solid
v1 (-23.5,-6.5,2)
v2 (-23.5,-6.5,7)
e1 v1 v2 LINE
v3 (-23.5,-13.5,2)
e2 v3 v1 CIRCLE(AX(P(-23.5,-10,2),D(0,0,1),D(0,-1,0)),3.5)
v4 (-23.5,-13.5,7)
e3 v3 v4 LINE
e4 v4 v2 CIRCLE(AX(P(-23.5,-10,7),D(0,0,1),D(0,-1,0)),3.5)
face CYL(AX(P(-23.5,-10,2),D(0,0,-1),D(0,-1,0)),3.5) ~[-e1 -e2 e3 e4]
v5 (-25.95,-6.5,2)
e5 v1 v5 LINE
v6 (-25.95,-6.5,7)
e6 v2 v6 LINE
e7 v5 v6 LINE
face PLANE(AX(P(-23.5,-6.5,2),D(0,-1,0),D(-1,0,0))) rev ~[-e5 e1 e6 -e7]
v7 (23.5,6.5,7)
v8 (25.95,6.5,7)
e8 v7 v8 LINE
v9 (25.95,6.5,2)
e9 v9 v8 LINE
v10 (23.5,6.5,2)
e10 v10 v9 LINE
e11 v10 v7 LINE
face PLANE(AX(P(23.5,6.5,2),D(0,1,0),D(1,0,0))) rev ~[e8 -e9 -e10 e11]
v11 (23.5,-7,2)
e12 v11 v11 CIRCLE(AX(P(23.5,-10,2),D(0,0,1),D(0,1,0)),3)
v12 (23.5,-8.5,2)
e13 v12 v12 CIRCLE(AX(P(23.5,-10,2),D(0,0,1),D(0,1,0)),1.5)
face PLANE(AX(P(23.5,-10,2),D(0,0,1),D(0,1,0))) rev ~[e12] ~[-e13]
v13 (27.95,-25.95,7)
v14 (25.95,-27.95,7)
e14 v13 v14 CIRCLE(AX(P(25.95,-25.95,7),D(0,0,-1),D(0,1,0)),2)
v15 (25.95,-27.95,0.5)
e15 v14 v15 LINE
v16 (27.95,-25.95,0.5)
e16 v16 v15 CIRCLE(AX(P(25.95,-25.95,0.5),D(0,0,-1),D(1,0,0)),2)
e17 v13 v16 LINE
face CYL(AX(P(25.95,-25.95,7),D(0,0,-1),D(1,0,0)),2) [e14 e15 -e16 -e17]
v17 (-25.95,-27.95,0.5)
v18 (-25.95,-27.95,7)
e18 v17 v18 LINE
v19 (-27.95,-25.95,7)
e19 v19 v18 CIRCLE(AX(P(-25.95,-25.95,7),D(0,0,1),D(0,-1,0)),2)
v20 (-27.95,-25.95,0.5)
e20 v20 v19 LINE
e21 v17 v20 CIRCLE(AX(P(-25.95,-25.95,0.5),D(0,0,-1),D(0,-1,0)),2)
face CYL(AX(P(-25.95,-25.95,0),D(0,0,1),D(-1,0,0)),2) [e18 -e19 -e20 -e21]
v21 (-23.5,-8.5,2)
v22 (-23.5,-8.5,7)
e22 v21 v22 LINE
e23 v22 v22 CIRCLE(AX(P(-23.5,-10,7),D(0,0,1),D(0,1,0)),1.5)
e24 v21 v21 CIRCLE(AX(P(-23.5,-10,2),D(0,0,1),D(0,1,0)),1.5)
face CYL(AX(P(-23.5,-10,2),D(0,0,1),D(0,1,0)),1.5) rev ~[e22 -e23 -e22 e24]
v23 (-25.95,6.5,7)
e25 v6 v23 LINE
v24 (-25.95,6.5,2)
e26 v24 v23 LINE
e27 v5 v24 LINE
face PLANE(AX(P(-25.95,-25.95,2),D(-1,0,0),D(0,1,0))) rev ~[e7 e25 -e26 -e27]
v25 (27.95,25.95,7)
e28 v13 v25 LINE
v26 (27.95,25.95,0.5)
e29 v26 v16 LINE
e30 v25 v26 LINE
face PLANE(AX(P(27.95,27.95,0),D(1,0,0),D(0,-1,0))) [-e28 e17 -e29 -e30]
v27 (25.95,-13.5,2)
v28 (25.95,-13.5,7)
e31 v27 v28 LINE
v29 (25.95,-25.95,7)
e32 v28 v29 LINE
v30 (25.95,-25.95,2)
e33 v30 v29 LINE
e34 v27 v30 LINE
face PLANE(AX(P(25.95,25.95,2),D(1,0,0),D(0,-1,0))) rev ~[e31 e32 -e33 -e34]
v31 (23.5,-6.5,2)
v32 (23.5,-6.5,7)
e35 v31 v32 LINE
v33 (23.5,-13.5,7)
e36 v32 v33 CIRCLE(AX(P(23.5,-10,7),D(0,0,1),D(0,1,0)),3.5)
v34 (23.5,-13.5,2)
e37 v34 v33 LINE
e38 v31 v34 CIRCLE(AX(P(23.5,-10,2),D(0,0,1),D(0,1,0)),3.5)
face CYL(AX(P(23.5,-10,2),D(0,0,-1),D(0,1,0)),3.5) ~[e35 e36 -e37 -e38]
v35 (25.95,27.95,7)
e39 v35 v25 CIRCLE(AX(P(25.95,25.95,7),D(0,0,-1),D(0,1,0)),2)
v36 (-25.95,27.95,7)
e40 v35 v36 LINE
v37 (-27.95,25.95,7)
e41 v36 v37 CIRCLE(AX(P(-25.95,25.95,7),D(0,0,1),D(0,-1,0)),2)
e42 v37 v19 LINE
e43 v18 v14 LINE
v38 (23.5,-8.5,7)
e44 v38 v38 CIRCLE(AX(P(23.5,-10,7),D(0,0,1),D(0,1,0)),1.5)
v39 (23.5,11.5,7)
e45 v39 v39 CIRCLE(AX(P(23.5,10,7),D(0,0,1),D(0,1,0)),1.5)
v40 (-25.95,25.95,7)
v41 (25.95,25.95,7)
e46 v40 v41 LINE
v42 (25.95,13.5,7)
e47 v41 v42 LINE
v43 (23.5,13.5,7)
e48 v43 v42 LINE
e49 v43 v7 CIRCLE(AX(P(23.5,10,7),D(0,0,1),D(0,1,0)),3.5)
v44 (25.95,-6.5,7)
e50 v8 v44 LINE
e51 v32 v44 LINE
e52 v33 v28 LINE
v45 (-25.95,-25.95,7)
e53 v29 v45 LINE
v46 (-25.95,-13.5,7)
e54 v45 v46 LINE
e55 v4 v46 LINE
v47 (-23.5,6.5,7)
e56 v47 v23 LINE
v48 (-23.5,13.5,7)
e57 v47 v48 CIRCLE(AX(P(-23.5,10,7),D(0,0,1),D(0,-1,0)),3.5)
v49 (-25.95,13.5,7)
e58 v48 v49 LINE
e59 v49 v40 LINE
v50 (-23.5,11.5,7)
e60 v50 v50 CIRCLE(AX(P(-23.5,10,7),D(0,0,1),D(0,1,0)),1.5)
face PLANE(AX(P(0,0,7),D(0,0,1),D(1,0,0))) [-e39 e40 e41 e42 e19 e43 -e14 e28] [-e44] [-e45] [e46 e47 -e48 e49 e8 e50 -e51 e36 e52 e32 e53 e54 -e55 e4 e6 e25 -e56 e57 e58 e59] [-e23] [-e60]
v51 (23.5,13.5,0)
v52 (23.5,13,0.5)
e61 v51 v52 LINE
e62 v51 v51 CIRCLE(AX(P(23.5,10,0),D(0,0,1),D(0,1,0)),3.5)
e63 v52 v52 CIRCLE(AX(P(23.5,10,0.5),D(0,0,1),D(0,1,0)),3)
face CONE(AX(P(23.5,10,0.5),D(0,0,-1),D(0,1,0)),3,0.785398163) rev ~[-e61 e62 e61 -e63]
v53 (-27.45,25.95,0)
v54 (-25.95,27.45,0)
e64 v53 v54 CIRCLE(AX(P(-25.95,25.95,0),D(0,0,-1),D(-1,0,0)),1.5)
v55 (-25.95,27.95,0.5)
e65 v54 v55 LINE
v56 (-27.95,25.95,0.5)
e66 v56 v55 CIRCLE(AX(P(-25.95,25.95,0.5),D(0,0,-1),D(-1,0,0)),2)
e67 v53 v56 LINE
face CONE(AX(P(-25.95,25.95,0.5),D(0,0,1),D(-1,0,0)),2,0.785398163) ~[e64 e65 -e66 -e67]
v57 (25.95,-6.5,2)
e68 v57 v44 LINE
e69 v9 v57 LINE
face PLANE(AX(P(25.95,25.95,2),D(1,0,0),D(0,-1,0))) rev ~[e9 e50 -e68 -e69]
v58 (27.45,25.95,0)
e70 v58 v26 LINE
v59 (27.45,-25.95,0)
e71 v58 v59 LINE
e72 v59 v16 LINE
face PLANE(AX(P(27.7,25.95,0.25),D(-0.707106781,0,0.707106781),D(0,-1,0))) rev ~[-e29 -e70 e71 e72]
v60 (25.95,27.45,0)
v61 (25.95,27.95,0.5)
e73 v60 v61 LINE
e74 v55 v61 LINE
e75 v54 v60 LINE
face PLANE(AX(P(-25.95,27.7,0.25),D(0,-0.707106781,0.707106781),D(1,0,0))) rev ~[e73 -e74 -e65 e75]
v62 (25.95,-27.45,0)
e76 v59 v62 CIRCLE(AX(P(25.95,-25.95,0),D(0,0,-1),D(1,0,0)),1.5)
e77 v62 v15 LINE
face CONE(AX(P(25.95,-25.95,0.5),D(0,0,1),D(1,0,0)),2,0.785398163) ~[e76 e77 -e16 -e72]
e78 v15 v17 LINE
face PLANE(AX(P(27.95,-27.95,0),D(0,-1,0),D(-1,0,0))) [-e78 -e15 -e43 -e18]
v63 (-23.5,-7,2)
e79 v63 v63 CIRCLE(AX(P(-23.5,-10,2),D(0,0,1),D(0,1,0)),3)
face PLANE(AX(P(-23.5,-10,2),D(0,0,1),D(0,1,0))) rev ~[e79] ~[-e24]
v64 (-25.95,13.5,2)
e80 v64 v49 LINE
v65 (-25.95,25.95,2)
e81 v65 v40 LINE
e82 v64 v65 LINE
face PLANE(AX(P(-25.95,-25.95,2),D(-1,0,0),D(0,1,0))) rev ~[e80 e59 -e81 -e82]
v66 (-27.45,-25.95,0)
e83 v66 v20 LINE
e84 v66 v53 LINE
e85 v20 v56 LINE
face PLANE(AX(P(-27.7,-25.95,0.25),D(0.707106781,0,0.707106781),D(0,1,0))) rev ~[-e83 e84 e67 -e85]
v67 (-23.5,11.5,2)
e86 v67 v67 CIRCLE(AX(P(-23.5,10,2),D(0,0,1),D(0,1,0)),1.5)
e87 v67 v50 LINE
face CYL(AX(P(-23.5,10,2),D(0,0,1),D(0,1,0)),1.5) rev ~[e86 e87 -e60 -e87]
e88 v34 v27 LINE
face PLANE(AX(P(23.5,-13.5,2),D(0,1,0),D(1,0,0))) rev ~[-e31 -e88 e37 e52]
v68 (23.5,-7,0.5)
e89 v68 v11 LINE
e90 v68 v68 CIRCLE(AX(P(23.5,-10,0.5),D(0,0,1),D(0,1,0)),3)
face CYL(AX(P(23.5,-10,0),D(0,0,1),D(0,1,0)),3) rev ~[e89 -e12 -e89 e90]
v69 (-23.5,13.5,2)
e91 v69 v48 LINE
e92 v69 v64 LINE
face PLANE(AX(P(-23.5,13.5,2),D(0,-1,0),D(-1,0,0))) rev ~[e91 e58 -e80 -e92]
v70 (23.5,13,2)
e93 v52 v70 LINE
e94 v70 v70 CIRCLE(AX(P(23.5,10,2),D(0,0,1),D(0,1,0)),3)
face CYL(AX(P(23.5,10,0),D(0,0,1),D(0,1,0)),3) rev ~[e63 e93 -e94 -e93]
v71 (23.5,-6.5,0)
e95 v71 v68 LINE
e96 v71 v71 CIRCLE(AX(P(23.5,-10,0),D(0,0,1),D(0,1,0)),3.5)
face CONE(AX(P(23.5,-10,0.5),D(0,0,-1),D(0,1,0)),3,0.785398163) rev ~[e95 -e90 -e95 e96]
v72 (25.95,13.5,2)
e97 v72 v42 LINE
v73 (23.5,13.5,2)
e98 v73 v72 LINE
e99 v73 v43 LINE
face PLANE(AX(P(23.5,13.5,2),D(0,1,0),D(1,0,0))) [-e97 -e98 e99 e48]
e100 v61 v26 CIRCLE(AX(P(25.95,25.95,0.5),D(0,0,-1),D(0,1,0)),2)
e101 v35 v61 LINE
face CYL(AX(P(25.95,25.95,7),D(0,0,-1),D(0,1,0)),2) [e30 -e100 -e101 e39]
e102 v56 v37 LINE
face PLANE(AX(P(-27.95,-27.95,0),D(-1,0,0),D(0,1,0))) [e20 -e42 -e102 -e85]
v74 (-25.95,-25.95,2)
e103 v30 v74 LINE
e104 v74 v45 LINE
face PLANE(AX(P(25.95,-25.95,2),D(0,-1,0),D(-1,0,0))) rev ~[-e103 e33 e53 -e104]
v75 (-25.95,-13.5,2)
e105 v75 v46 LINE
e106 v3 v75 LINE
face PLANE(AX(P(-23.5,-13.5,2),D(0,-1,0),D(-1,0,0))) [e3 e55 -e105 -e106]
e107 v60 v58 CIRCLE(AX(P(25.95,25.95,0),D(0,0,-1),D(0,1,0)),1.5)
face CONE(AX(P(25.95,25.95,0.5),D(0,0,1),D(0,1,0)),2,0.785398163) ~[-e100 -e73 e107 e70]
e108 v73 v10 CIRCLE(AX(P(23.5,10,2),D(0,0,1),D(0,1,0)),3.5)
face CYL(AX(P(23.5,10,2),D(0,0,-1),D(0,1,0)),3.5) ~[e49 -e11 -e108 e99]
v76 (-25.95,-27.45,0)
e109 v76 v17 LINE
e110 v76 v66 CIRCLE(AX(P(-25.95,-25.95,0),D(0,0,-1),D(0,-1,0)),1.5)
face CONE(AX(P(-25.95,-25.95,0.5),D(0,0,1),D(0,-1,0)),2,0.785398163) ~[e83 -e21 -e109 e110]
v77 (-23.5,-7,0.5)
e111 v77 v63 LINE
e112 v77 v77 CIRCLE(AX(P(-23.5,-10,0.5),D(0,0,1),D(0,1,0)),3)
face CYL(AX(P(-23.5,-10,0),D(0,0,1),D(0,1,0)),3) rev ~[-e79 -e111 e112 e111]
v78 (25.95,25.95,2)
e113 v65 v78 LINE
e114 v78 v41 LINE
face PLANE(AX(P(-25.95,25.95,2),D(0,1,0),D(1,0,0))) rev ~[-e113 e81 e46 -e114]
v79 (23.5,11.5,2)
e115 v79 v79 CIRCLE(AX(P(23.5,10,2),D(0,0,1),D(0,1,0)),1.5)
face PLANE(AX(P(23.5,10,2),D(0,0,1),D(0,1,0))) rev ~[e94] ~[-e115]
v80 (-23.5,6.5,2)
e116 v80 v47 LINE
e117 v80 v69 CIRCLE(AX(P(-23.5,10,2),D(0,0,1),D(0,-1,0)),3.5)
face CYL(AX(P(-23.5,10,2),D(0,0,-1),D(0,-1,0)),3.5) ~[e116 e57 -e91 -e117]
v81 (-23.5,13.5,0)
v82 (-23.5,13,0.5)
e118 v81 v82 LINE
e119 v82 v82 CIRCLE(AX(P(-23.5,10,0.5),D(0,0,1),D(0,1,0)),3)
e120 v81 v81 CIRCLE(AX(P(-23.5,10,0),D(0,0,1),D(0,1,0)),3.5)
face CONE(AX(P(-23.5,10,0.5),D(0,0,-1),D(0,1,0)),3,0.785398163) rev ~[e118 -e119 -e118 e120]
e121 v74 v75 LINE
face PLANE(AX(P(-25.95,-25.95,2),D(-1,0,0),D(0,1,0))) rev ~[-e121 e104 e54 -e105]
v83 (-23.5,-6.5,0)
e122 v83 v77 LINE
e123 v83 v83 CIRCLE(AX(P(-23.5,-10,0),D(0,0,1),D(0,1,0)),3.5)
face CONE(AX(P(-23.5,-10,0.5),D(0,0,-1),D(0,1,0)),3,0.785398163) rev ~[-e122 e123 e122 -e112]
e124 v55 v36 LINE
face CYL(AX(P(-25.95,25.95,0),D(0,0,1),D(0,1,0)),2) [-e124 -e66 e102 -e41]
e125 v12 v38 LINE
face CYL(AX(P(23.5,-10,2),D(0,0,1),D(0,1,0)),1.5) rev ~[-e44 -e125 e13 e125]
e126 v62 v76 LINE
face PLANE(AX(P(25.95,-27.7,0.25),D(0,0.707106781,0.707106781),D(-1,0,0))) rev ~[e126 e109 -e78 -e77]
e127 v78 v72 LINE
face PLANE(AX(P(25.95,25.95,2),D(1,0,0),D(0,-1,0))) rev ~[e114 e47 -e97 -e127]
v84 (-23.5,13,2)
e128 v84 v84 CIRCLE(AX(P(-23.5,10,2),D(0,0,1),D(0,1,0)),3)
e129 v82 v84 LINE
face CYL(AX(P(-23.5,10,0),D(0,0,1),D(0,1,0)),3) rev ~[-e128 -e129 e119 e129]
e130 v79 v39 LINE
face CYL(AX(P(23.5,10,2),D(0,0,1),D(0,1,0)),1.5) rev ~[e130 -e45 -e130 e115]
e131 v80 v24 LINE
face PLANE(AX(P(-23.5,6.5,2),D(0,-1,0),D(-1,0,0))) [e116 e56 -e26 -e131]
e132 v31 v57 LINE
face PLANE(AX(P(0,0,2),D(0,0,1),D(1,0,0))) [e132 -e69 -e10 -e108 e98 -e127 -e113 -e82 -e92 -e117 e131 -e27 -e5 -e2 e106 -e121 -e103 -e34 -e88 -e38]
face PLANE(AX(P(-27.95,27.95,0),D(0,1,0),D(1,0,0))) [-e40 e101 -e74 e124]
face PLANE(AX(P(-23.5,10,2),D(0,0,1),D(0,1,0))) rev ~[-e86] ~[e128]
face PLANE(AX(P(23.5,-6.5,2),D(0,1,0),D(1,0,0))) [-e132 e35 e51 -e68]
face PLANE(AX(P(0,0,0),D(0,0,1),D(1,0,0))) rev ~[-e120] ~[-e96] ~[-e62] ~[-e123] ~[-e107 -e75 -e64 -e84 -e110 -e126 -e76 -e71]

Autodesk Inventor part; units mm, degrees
ref_plane "YZ Plane" through (0, 0, 0) normal (1, 0, 0) x (0, 1, 0)
ref_plane "XZ Plane" through (0, 0, 0) normal (0, 1, 0) x (-1, 0, 0)
ref_plane "XY Plane" through (0, 0, 0) normal (0, 0, 1) x (1, 0, 0)
sketch "Skizze1" plane through (0, 0, 0) normal (0, 0, 1) x (1, 0, 0)
  line L0 (-27.95, 27.95) -> (27.95, 27.95)
  line L1 (27.95, 27.95) -> (27.95, -27.95)
  line L2 (27.95, -27.95) -> (-27.95, -27.95)
  line L3 (-27.95, -27.95) -> (-27.95, 27.95)
  line L4 (-27.95, 27.95) -> (27.95, -27.95) construction
  line L5 (27.95, 27.95) -> (-27.95, -27.95) construction
  point P0 (0, 0)
  dimension "d0" = 55.9
  dimension "d1" = 55.9
extrude "Extrusion1" add sketch "Skizze1" along normal blind 2
sketch "Skizze2" plane through (0, 0, 2) normal (0, 0, 1) x (1, 0, 0)
  line L0 (-27.95, -27.95) -> (27.95, -27.95) projected
  line L1 (27.95, -27.95) -> (27.95, 27.95) projected
  line L2 (27.95, 27.95) -> (-27.95, 27.95) projected
  line L3 (-27.95, 27.95) -> (-27.95, -27.95) projected
  line L4 (-25.95, 25.95) -> (25.95, 25.95)
  line L5 (25.95, 25.95) -> (25.95, -25.95)
  line L6 (25.95, -25.95) -> (-25.95, -25.95)
  line L7 (-25.95, -25.95) -> (-25.95, 25.95)
  point P0 (0, 0)
  dimension "d4" = 2
extrude "Extrusion2" add sketch "Skizze2" along normal blind 5
fillet "Rundung1" radius 2 4 edges at (-27.95, -27.95, 3.5) (27.95, -27.95, 3.5) (27.95, 27.95, 3.5) (-27.95, 27.95, 3.5)
sketch "Skizze5" plane through (0, 0, 2) normal (0, 0, 1) x (1, 0, 0)
  line L0 (-23.5, 10) -> (23.5, 10) construction
  line L1 (23.5, 10) -> (23.5, -10) construction
  line L2 (23.5, -10) -> (-23.5, -10) construction
  line L3 (-23.5, -10) -> (-23.5, 10) construction
  line L4 (-23.5, 10) -> (23.5, -10) construction
  line L5 (23.5, 10) -> (-23.5, -10) construction
  arc A0 (-23.5, -13.5) -> (-23.5, -6.5) centre (-23.5, -10) ccw
  arc A1 (-23.5, 6.5) -> (-23.5, 13.5) centre (-23.5, 10) ccw
  arc A2 (23.5, 13.5) -> (23.5, 6.5) centre (23.5, 10) ccw
  arc A3 (23.5, -6.5) -> (23.5, -13.5) centre (23.5, -10) ccw
  line L6 (-25.95, 25.95) -> (25.95, 25.95) projected
  line L7 (-25.95, -25.95) -> (-25.95, 25.95) projected
  line L8 (25.95, -25.95) -> (-25.95, -25.95) projected
  line L9 (25.95, 25.95) -> (25.95, -25.95) projected
  line L10 (23.5, -13.5) -> (25.95, -13.5)
  line L11 (23.5, -6.5) -> (25.95, -6.5)
  line L12 (23.5, 6.5) -> (25.95, 6.5)
  line L13 (23.5, 13.5) -> (25.95, 13.5)
  line L14 (-23.5, 13.5) -> (-25.95, 13.5)
  line L15 (-23.5, 6.5) -> (-25.95, 6.5)
  line L16 (-23.5, -6.5) -> (-25.95, -6.5)
  line L17 (-23.5, -13.5) -> (-25.95, -13.5)
  point P0 (0, 0)
  point P1 (-23.95, 25.95)
  point P2 (23.95, 25.95)
  point P3 (-25.95, -23.95)
  point P4 (-25.95, 23.95)
  point P5 (23.95, -25.95)
  point P6 (-23.95, -25.95)
  point P7 (25.95, 23.95)
  point P8 (25.95, -23.95)
  dimension "d17" = 47
  dimension "d18" = 20
  dimension "d19" = 7
  dimension "d20" = 7
  dimension "d21" = 7
  dimension "d22" = 7
extrude "Extrusion3" add sketch "Skizze5" along normal blind 5 contours L17 L7 L16 A0 | L7 L14 A1 L15 | L10 A3 L11 L9 | L12 A2 L13 L9
sketch "Skizze3" plane through (0, 0, 0) normal (0, 0, -1) x (-1, 0, 0)
  line L0 (23.5, 10) -> (-23.5, 10)
  line L1 (-23.5, 10) -> (-23.5, -10)
  line L2 (-23.5, -10) -> (23.5, -10)
  line L3 (23.5, -10) -> (23.5, 10)
  line L4 (23.5, 10) -> (-23.5, -10) construction
  line L5 (-23.5, 10) -> (23.5, -10) construction
  point P0 (0, 0)
  dimension "d8" = 47
  dimension "d9" = 20
hole "Bohrung1" at (23.5, -10, 0) at (23.5, 10, 0) at (-23.5, 10, 0) at (-23.5, -10, 0) direction (0, 0, 1) diameter 3 end through all counterbore diameter 6 counterbore depth 2
chamfer "Fasen1" distance 0.5 angle 45 12 edges at (0, -27.95, 0) (27.3642, -27.3642, 0) (27.95, 0, 0) (27.3642, 27.3642, 0) (0, 27.95, 0) (-27.3642, 27.3642, 0) (-27.95, 0, 0) (-27.3642, -27.3642, 0) (-23.5, -13, 0) (23.5, -13, 0) (-23.5, 7, 0) (23.5, 7, 0)
properties part number "BlindCover"
